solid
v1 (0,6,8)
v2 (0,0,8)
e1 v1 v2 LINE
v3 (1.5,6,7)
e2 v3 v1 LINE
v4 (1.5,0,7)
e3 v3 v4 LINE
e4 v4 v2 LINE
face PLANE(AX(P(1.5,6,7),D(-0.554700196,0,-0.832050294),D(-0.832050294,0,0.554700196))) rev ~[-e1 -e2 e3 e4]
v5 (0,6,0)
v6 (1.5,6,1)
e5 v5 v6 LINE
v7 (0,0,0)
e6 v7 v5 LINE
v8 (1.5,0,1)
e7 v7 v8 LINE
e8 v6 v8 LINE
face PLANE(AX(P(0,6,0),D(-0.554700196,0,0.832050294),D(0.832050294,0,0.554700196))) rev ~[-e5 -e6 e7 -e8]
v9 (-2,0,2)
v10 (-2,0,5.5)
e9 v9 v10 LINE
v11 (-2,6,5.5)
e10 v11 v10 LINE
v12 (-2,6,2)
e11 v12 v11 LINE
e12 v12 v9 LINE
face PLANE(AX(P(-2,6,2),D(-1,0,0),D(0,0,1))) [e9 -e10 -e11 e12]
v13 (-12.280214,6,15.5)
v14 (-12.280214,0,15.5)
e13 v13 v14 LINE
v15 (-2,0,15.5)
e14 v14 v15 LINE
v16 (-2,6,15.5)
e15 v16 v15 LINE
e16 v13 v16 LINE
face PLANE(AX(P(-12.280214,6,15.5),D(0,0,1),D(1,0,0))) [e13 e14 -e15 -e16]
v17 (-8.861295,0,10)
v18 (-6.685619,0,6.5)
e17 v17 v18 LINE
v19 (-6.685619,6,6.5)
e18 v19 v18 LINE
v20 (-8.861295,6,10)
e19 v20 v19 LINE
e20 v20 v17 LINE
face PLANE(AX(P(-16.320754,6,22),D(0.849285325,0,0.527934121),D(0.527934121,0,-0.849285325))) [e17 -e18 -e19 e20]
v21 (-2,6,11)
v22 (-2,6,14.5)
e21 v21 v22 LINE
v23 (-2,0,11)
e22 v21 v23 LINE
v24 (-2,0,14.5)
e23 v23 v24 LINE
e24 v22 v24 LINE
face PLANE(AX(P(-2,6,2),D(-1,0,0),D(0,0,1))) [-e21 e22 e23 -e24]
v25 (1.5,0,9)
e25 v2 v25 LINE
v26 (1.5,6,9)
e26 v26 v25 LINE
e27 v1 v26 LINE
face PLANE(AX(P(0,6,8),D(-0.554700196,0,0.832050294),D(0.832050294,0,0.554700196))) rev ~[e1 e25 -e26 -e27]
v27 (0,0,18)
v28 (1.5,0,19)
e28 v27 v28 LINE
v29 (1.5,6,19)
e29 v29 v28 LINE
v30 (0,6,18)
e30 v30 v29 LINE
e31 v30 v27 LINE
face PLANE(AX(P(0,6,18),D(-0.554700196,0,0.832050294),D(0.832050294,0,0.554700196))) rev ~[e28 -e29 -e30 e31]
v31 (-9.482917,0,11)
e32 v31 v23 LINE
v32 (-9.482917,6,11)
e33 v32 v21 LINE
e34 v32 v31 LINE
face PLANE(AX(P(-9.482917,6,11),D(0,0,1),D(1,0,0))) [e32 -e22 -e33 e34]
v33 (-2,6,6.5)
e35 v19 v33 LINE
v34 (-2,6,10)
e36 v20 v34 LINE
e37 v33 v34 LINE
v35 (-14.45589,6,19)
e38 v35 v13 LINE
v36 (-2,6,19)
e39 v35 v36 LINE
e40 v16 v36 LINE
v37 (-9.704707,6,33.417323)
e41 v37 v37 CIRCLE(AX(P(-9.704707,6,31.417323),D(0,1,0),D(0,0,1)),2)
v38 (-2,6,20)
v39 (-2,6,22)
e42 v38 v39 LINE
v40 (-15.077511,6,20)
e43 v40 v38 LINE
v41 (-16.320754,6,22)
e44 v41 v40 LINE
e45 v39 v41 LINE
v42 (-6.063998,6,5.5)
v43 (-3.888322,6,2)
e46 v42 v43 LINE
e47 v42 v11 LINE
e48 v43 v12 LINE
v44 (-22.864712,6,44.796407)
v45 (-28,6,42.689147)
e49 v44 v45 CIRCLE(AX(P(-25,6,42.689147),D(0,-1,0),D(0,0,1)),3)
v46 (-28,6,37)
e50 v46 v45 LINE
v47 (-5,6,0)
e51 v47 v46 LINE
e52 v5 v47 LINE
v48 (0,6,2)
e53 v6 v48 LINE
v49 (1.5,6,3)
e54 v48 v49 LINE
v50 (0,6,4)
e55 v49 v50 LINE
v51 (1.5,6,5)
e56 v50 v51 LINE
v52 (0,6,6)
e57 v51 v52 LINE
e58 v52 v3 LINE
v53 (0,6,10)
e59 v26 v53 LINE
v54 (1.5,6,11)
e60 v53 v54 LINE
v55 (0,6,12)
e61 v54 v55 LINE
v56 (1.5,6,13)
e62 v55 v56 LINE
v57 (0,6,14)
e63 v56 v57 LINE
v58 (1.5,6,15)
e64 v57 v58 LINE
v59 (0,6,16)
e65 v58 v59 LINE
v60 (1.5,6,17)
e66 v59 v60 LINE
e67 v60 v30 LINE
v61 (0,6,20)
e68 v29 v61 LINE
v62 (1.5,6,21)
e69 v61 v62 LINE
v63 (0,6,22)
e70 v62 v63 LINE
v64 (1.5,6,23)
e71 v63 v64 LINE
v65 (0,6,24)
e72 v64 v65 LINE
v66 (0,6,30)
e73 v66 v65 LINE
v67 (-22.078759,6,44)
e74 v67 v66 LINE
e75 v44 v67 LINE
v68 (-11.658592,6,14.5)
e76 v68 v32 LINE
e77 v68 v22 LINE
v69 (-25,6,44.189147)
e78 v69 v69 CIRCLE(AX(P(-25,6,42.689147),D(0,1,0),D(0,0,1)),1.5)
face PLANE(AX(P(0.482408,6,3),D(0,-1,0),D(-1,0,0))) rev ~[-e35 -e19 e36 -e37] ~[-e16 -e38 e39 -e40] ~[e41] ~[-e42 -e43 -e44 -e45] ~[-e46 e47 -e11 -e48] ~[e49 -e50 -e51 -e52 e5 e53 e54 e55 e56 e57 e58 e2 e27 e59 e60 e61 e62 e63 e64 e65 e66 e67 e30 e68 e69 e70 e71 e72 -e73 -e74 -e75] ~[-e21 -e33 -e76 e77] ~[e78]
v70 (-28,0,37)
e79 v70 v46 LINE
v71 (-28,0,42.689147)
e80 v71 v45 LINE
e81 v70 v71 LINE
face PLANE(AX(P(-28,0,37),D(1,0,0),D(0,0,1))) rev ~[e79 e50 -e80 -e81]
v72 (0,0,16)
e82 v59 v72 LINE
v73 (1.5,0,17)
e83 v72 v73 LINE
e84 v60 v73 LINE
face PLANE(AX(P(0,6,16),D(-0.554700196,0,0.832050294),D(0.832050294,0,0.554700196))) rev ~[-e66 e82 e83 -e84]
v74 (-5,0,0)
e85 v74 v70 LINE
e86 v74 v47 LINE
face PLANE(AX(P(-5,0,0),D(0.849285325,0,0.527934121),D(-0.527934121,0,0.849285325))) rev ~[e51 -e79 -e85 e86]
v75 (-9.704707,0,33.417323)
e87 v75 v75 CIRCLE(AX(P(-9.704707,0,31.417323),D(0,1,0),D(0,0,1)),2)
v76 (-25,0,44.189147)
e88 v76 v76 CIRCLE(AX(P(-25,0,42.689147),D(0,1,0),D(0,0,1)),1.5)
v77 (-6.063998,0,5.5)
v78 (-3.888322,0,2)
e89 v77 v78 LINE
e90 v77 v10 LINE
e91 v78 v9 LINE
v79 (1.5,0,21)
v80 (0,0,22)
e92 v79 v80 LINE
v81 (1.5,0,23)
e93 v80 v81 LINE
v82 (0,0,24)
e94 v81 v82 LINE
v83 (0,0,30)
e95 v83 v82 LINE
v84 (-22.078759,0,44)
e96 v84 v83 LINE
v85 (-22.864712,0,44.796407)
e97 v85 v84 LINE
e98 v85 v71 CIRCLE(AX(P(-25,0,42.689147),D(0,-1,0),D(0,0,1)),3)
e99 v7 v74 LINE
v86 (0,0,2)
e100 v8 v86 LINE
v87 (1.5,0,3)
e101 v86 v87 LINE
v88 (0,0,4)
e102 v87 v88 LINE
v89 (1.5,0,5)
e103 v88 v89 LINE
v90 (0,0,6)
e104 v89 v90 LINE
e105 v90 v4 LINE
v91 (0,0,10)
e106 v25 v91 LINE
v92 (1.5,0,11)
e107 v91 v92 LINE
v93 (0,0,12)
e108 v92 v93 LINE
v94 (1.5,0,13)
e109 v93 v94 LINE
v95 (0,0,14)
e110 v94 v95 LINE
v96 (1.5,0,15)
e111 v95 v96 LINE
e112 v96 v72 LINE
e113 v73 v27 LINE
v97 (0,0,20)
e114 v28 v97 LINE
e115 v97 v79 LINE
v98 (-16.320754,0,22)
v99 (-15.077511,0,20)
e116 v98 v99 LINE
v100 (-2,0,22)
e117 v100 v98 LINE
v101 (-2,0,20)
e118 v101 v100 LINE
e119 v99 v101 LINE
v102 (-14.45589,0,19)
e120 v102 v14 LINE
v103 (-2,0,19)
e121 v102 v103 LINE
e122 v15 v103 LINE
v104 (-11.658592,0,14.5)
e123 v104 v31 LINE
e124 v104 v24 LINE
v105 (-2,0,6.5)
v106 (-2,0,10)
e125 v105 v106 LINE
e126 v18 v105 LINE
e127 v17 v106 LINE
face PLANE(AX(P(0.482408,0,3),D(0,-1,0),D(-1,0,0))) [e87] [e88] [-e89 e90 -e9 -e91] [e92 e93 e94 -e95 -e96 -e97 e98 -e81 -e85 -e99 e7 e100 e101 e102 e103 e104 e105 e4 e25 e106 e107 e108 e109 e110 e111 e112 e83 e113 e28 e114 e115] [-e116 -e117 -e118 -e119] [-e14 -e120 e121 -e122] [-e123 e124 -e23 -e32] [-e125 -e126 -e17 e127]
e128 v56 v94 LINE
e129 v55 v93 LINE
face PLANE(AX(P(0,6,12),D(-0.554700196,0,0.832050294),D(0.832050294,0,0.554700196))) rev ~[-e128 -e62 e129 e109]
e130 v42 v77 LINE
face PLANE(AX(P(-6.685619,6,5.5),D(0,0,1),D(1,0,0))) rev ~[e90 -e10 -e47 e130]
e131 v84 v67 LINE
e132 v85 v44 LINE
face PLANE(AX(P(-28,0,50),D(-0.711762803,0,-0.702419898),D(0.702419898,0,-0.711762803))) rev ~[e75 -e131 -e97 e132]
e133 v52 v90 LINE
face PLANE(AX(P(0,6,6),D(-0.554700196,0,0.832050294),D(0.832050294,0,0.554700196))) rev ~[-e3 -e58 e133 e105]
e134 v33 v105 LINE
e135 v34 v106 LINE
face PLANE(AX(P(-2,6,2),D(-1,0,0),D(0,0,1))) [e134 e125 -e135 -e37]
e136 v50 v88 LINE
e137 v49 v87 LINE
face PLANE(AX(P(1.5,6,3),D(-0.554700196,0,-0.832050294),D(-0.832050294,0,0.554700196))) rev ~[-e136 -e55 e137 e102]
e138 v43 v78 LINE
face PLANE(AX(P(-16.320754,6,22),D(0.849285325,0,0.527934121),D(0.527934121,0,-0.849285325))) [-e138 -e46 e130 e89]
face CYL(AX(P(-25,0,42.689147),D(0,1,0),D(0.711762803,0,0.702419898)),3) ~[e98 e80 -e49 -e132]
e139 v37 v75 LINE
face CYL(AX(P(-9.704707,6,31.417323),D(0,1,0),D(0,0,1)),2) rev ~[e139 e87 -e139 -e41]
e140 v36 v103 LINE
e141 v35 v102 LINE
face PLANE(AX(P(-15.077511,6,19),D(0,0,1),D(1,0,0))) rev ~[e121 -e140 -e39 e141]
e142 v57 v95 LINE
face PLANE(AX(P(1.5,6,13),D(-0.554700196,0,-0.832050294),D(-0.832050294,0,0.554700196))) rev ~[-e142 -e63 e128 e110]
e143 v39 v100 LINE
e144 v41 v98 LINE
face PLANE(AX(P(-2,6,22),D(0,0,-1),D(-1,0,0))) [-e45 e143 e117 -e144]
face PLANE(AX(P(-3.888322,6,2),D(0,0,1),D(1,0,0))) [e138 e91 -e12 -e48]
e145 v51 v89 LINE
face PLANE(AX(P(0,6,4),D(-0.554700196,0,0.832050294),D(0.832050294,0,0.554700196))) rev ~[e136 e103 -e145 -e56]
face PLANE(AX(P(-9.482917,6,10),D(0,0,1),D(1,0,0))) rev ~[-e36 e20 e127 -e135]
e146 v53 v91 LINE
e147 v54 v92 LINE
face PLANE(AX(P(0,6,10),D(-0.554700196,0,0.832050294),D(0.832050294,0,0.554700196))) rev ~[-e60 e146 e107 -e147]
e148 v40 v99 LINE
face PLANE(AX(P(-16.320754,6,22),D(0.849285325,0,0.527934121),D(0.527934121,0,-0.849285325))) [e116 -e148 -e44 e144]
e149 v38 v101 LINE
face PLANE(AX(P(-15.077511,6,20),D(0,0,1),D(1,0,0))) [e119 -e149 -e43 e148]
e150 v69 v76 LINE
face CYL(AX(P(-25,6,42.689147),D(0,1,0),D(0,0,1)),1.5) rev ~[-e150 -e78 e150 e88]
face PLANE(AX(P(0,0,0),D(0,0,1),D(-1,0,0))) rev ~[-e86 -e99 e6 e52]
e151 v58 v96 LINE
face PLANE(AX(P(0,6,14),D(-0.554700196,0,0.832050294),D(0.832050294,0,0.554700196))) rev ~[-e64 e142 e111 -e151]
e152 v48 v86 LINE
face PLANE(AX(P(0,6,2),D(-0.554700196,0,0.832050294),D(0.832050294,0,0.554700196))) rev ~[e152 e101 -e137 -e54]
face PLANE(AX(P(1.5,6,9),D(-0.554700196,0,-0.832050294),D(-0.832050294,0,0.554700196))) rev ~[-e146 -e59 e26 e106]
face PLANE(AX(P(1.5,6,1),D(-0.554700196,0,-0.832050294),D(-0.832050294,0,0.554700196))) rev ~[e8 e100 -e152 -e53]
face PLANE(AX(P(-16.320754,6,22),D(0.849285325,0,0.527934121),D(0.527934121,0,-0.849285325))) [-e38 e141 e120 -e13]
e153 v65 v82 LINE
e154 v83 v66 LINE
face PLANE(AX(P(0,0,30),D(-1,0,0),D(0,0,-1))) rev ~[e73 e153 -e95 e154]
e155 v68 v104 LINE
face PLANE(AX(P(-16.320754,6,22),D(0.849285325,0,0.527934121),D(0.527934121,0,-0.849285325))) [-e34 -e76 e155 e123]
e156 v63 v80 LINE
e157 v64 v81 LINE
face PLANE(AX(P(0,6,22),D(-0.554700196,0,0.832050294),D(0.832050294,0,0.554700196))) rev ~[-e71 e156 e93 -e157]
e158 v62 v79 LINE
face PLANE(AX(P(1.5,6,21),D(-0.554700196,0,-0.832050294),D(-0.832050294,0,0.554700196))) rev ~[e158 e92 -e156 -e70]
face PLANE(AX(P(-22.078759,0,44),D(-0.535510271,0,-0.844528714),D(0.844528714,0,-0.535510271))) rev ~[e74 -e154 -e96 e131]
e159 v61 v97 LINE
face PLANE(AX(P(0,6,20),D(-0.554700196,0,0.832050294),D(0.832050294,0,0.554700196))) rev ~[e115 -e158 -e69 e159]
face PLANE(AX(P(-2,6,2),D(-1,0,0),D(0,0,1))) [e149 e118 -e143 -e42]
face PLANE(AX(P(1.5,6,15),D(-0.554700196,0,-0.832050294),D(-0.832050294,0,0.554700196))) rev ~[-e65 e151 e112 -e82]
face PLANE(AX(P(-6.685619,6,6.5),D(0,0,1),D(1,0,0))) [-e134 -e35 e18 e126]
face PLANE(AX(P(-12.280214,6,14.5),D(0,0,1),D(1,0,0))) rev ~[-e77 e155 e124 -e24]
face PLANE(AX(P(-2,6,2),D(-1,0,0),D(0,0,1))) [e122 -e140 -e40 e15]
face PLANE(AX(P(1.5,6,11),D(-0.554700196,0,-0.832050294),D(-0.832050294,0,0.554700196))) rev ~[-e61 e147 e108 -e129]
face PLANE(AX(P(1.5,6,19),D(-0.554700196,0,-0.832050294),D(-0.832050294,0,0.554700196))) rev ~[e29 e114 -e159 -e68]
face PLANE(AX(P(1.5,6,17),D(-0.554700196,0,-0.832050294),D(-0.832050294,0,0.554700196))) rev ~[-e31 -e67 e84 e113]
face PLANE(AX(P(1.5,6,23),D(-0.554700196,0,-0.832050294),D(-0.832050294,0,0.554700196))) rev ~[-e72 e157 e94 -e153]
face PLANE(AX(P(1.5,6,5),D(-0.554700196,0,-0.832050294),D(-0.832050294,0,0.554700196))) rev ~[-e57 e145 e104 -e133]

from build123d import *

# Parameters (mm, degrees)
EXTRUDE_1_DEPTH        = 6
CUT_EXTRUDE_1_DEPTH    = 58.619441164
SKETCH_3_W             = 4.685619361
SKETCH_3_H             = 1
SKETCH_3_W_2           = 7.482916658
SKETCH_3_W_3           = 10.280213956
SKETCH_3_W_4           = 13.077511253
EXTRUDE_1_2_DEPTH      = 6
EXTRUDE_2_DEPTH        = 6
PATTERN_LINEAR_1_COUNT = 12
PATTERN_LINEAR_1_PITCH = 2
FILLET_3_R             = 3
SKETCH_5_R             = 1.5
SKETCH_5_R_2           = 2
CUT_EXTRUDE_2_DEPTH    = 54.92122199


with BuildPart() as part:
    # 草图1 → Extrude 1 (new body)
    with BuildSketch(Plane(origin=(0, 0, 0), x_dir=(1, 0, 0), z_dir=(0, 1, 0))):
        Polygon((0, 0), (-5, 0), (-28, -37), (-28, -50), (-22.078758581, -44), (0, -30), align=None)
    extrude(amount=EXTRUDE_1_DEPTH)

    # 草图2 → 切除-拉伸1 (cut, through all)
    with BuildSketch(Plane(origin=(0, 6, 0), x_dir=(1, 0, 0), z_dir=(0, 1, 0))):
        Polygon((-3.888322064, -2), (-2, -2), (-2, -22), (-16.320754496, -22), align=None)
    extrude(amount=-CUT_EXTRUDE_1_DEPTH, mode=Mode.SUBTRACT)

    # 草图3 → Extrude 1 2 (add)
    with BuildSketch(Plane(origin=(0, 6, 0), x_dir=(1, 0, 0), z_dir=(0, 1, 0))):
        with Locations((-4.342809681, -6)):
            Rectangle(SKETCH_3_W, SKETCH_3_H)
        with Locations((-5.741458329, -10.5)):
            Rectangle(SKETCH_3_W_2, SKETCH_3_H)
        with Locations((-7.140106978, -15)):
            Rectangle(SKETCH_3_W_3, SKETCH_3_H)
        with Locations((-8.538755627, -19.5)):
            Rectangle(SKETCH_3_W_4, SKETCH_3_H)
    extrude(amount=-EXTRUDE_1_2_DEPTH)

    # 草图4 → 凸台-拉伸2 (add)
    with BuildSketch(Plane(origin=(0, 6, 0), x_dir=(1, 0, 0), z_dir=(0, 1, 0))):
        Polygon((0, 0), (1.5, -1), (0, -2), align=None)
    extrude_2 = extrude(amount=-EXTRUDE_2_DEPTH)

    # 阵列(线性)1: 凸台-拉伸2 ×12
    with Locations(*[(0, 0, i * PATTERN_LINEAR_1_PITCH) for i in range(1, PATTERN_LINEAR_1_COUNT)]):
        add(extrude_2)

    # 圆角3
    fillet_3_edges = [part.edges().sort_by_distance(p)[0] for p in [
        (-28, 3, 50),
    ]]
    fillet(fillet_3_edges, radius=FILLET_3_R)

    # 草图5 → 切除-拉伸2 (cut, through all)
    with BuildSketch(Plane(origin=(0, 6, 0), x_dir=(1, 0, 0), z_dir=(0, 1, 0))):
        with Locations(Location((-25, -42.689147299, 0), (0, 0, 270))):
            Circle(SKETCH_5_R)
        with Locations(Location((-9.704707061, -31.417323404, 0), (0, 0, 270))):
            Circle(SKETCH_5_R_2)
    extrude(amount=-CUT_EXTRUDE_2_DEPTH, mode=Mode.SUBTRACT)


solid = part.part
